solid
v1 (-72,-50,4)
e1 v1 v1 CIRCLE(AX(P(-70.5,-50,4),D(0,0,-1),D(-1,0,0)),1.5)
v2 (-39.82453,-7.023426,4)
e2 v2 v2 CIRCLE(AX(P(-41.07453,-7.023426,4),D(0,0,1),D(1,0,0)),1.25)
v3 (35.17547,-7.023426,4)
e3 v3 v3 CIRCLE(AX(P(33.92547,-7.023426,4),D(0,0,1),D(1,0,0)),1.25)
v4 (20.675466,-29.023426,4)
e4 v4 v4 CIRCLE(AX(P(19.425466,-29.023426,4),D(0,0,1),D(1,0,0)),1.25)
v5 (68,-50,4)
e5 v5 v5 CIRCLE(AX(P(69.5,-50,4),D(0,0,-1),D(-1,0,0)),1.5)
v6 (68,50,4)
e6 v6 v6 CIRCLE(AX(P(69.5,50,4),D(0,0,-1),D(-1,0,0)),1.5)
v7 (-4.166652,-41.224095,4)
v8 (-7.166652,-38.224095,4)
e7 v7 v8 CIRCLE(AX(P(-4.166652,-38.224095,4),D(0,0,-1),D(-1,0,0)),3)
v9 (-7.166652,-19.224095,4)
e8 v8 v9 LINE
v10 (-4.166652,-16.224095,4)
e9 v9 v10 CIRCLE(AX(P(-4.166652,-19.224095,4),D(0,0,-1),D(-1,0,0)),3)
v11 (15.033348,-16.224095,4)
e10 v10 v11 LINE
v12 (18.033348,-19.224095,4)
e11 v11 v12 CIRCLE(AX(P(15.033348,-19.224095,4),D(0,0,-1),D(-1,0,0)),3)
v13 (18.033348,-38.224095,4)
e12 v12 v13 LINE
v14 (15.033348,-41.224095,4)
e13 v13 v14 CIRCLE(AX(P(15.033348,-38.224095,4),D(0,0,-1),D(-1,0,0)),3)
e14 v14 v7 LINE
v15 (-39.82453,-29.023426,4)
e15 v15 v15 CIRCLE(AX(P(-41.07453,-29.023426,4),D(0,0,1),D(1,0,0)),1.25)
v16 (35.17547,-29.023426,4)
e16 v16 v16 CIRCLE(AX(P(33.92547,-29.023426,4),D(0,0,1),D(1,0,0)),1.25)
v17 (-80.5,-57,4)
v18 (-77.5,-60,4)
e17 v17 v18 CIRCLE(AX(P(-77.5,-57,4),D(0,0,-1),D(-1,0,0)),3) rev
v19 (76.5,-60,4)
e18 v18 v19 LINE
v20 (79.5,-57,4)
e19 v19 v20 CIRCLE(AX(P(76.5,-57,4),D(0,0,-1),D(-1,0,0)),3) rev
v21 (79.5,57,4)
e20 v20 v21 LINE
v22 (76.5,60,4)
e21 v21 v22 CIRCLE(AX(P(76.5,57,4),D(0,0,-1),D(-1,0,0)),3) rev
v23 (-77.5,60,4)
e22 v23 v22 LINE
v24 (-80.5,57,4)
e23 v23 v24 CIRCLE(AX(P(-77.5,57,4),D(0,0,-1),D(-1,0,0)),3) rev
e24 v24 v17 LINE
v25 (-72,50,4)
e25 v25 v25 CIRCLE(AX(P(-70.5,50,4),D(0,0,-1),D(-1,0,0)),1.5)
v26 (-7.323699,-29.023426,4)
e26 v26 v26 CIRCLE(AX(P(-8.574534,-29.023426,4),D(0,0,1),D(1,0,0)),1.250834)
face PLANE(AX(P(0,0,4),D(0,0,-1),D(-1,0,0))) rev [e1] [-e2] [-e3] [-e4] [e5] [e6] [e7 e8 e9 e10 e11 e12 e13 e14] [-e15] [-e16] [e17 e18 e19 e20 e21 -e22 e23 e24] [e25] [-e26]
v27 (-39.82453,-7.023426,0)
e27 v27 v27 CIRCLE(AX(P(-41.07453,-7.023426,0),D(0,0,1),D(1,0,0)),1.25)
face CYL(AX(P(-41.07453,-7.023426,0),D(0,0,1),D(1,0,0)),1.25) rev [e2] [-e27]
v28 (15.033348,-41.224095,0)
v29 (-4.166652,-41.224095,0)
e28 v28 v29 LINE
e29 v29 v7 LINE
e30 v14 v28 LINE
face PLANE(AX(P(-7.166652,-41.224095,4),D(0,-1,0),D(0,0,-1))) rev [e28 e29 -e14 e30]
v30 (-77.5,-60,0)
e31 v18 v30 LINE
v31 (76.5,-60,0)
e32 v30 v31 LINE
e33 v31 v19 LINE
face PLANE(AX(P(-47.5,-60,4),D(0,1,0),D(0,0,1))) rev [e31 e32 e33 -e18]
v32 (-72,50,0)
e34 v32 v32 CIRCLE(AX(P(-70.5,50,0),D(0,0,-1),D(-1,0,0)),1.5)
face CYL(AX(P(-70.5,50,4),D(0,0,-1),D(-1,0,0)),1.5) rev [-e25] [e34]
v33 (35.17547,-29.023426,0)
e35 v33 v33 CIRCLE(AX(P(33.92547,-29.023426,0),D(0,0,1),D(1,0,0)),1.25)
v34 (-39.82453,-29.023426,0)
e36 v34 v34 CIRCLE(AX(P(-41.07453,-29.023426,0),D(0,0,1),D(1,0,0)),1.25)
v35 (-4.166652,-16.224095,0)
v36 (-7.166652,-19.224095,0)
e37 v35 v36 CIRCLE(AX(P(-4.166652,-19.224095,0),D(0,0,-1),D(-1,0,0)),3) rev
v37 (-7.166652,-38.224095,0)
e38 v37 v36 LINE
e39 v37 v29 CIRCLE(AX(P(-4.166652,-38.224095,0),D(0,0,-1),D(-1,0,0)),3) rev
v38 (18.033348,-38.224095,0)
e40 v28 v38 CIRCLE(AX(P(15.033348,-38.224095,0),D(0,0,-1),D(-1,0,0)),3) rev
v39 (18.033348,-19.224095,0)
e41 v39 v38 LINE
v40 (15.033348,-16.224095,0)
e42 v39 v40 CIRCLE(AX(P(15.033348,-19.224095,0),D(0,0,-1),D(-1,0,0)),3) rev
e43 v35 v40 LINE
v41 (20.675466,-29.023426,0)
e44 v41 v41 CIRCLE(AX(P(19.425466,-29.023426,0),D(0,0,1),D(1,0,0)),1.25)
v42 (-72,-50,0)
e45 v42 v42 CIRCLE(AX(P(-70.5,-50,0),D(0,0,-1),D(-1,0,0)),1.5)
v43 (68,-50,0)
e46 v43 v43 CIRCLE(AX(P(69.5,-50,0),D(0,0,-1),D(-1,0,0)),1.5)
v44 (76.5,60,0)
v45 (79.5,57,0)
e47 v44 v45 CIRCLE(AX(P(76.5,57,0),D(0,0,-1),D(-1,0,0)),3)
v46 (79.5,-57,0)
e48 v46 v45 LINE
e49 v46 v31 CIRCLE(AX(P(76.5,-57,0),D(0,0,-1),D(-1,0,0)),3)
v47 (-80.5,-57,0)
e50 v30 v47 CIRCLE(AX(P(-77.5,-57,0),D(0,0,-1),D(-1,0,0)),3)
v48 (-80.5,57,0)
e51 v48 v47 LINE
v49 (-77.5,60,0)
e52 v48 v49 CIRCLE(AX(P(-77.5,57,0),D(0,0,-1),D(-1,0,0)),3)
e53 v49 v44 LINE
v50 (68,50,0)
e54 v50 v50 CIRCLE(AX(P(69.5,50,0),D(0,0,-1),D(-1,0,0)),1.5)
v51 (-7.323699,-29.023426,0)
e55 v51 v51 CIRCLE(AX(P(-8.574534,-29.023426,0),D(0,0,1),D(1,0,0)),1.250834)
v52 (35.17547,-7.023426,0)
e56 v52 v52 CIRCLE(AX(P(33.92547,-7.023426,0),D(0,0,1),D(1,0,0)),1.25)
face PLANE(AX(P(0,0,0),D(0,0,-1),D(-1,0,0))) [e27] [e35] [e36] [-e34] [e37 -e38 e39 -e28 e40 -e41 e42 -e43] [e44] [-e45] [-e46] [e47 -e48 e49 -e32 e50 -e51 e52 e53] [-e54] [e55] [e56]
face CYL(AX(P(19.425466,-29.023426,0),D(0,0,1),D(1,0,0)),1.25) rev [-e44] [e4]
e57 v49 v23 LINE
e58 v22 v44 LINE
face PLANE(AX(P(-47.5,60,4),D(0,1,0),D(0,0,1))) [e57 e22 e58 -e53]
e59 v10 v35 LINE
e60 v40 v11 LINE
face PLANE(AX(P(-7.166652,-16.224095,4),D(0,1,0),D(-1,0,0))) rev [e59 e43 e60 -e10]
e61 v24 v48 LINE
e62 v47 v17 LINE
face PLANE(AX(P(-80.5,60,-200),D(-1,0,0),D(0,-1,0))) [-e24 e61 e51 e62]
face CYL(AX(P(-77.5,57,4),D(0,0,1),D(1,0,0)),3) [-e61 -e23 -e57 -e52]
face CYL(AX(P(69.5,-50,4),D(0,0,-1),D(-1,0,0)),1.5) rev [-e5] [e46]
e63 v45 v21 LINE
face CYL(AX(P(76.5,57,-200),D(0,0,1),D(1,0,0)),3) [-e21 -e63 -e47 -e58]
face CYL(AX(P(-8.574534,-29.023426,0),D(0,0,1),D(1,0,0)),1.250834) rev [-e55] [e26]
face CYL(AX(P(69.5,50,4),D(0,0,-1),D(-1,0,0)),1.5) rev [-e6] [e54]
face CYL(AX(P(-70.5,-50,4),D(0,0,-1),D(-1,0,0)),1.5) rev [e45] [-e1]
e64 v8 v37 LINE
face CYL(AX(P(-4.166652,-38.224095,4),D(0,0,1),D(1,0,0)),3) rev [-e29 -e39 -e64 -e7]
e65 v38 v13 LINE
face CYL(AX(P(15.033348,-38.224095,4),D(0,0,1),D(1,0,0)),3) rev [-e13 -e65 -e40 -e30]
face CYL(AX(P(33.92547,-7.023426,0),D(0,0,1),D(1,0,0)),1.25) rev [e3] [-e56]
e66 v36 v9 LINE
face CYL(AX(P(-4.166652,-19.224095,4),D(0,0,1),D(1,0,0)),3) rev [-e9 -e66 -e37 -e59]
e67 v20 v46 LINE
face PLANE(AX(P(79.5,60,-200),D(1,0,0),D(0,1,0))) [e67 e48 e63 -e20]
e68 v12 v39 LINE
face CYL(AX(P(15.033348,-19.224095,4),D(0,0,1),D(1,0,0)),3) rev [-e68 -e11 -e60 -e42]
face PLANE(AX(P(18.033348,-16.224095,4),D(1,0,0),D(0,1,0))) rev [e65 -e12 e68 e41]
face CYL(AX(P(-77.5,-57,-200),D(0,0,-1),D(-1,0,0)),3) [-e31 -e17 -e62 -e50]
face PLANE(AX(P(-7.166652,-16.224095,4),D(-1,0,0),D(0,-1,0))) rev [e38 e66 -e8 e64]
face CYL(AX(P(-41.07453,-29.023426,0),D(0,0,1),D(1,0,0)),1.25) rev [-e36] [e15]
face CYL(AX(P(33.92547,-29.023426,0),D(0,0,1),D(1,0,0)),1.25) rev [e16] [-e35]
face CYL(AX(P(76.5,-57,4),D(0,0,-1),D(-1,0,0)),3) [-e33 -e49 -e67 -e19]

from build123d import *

# Parameters (mm, degrees)
SKETCH_1_W          = 95
SKETCH_1_H          = 120
EXTRUDE_1_DEPTH     = 4
FILLET_1_R          = 3
SKETCH_4_W          = 160
SKETCH_4_H          = 120
SKETCH_4_W_2        = 89
SKETCH_4_H_2        = 114
EXTRUDE_2_DEPTH     = 4
SKETCH_6_R          = 1.25
SKETCH_6_R_2        = 1.250834389
CUT_EXTRUDE_3_DEPTH = 101.480097532
SKETCH_7_W          = 25.2
SKETCH_7_H          = 25
CUT_EXTRUDE_4_DEPTH = 101.480097532
FILLET_3_R          = 3
SKETCH_8_R          = 1.5
CUT_EXTRUDE_5_DEPTH = 101.480097532


with BuildPart() as part:
    # 草图1 → 凸台-拉伸1 (new body)
    with BuildSketch(Plane.XY):
        Rectangle(SKETCH_1_W, SKETCH_1_H)
    extrude(amount=EXTRUDE_1_DEPTH)

    # 圆角1
    fillet_1_edges = [part.edges().sort_by_distance(p)[0] for p in [
        (-47.5, -60, 2),
        (-47.5, 60, 2),
        (47.5, 60, 2),
        (47.5, -60, 2),
    ]]
    fillet(fillet_1_edges, radius=FILLET_1_R)

    # 草图4 → 凸台-拉伸2 (add)
    with BuildSketch(Plane.XY.offset(4)):
        with Locations((-0.5, 0)):
            Rectangle(SKETCH_4_W, SKETCH_4_H)
        Rectangle(SKETCH_4_W_2, SKETCH_4_H_2, mode=Mode.SUBTRACT)
    extrude(amount=-EXTRUDE_2_DEPTH)

    # 草图6 → 切除-拉伸3 (cut, through all)
    with BuildSketch(Plane.XY.offset(4)):
        with Locations((19.425466369, -29.023426318)):
            Circle(SKETCH_6_R)
        with Locations((-8.574533631, -29.023426318)):
            Circle(SKETCH_6_R_2)
        with Locations((-41.074530224, -7.023426499)):
            Circle(SKETCH_6_R)
        with Locations((-41.074530224, -29.023426318)):
            Circle(SKETCH_6_R)
        with Locations((33.925469772, -29.023426318)):
            Circle(SKETCH_6_R)
        with Locations((33.925469772, -7.023426499)):
            Circle(SKETCH_6_R)
    extrude(amount=-CUT_EXTRUDE_3_DEPTH, mode=Mode.SUBTRACT)

    # 草图7 → 切除-拉伸4 (cut, through all)
    with BuildSketch(Plane(origin=(0, 0, 0), x_dir=(-1, 0, 0), z_dir=(0, 0, -1))):
        with Locations((-5.433347592, -28.724095143)):
            Rectangle(SKETCH_7_W, SKETCH_7_H)
    extrude(amount=-CUT_EXTRUDE_4_DEPTH, mode=Mode.SUBTRACT)

    # 圆角3
    fillet_3_edges = [part.edges().sort_by_distance(p)[0] for p in [
        (-7.166652408, -16.224095143, 2),
        (-7.166652408, -41.224095143, 2),
        (18.033347592, -41.224095143, 2),
        (18.033347592, -16.224095143, 2),
        (79.5, -60, 2),
        (-80.5, 60, 2),
        (-80.5, -60, 2),
        (79.5, 60, 2),
    ]]
    fillet(fillet_3_edges, radius=FILLET_3_R)

    # 草图8 → 切除-拉伸5 (cut, through all)
    with BuildSketch(Plane(origin=(0, 0, 0), x_dir=(-1, 0, 0), z_dir=(0, 0, -1))):
        with Locations((70.5, -50)):
            Circle(SKETCH_8_R)
        with Locations((70.5, 50)):
            Circle(SKETCH_8_R)
        with Locations((-69.5, 50)):
            Circle(SKETCH_8_R)
        with Locations((-69.5, -50)):
            Circle(SKETCH_8_R)
    extrude(amount=-CUT_EXTRUDE_5_DEPTH, mode=Mode.SUBTRACT)


solid = part.part
